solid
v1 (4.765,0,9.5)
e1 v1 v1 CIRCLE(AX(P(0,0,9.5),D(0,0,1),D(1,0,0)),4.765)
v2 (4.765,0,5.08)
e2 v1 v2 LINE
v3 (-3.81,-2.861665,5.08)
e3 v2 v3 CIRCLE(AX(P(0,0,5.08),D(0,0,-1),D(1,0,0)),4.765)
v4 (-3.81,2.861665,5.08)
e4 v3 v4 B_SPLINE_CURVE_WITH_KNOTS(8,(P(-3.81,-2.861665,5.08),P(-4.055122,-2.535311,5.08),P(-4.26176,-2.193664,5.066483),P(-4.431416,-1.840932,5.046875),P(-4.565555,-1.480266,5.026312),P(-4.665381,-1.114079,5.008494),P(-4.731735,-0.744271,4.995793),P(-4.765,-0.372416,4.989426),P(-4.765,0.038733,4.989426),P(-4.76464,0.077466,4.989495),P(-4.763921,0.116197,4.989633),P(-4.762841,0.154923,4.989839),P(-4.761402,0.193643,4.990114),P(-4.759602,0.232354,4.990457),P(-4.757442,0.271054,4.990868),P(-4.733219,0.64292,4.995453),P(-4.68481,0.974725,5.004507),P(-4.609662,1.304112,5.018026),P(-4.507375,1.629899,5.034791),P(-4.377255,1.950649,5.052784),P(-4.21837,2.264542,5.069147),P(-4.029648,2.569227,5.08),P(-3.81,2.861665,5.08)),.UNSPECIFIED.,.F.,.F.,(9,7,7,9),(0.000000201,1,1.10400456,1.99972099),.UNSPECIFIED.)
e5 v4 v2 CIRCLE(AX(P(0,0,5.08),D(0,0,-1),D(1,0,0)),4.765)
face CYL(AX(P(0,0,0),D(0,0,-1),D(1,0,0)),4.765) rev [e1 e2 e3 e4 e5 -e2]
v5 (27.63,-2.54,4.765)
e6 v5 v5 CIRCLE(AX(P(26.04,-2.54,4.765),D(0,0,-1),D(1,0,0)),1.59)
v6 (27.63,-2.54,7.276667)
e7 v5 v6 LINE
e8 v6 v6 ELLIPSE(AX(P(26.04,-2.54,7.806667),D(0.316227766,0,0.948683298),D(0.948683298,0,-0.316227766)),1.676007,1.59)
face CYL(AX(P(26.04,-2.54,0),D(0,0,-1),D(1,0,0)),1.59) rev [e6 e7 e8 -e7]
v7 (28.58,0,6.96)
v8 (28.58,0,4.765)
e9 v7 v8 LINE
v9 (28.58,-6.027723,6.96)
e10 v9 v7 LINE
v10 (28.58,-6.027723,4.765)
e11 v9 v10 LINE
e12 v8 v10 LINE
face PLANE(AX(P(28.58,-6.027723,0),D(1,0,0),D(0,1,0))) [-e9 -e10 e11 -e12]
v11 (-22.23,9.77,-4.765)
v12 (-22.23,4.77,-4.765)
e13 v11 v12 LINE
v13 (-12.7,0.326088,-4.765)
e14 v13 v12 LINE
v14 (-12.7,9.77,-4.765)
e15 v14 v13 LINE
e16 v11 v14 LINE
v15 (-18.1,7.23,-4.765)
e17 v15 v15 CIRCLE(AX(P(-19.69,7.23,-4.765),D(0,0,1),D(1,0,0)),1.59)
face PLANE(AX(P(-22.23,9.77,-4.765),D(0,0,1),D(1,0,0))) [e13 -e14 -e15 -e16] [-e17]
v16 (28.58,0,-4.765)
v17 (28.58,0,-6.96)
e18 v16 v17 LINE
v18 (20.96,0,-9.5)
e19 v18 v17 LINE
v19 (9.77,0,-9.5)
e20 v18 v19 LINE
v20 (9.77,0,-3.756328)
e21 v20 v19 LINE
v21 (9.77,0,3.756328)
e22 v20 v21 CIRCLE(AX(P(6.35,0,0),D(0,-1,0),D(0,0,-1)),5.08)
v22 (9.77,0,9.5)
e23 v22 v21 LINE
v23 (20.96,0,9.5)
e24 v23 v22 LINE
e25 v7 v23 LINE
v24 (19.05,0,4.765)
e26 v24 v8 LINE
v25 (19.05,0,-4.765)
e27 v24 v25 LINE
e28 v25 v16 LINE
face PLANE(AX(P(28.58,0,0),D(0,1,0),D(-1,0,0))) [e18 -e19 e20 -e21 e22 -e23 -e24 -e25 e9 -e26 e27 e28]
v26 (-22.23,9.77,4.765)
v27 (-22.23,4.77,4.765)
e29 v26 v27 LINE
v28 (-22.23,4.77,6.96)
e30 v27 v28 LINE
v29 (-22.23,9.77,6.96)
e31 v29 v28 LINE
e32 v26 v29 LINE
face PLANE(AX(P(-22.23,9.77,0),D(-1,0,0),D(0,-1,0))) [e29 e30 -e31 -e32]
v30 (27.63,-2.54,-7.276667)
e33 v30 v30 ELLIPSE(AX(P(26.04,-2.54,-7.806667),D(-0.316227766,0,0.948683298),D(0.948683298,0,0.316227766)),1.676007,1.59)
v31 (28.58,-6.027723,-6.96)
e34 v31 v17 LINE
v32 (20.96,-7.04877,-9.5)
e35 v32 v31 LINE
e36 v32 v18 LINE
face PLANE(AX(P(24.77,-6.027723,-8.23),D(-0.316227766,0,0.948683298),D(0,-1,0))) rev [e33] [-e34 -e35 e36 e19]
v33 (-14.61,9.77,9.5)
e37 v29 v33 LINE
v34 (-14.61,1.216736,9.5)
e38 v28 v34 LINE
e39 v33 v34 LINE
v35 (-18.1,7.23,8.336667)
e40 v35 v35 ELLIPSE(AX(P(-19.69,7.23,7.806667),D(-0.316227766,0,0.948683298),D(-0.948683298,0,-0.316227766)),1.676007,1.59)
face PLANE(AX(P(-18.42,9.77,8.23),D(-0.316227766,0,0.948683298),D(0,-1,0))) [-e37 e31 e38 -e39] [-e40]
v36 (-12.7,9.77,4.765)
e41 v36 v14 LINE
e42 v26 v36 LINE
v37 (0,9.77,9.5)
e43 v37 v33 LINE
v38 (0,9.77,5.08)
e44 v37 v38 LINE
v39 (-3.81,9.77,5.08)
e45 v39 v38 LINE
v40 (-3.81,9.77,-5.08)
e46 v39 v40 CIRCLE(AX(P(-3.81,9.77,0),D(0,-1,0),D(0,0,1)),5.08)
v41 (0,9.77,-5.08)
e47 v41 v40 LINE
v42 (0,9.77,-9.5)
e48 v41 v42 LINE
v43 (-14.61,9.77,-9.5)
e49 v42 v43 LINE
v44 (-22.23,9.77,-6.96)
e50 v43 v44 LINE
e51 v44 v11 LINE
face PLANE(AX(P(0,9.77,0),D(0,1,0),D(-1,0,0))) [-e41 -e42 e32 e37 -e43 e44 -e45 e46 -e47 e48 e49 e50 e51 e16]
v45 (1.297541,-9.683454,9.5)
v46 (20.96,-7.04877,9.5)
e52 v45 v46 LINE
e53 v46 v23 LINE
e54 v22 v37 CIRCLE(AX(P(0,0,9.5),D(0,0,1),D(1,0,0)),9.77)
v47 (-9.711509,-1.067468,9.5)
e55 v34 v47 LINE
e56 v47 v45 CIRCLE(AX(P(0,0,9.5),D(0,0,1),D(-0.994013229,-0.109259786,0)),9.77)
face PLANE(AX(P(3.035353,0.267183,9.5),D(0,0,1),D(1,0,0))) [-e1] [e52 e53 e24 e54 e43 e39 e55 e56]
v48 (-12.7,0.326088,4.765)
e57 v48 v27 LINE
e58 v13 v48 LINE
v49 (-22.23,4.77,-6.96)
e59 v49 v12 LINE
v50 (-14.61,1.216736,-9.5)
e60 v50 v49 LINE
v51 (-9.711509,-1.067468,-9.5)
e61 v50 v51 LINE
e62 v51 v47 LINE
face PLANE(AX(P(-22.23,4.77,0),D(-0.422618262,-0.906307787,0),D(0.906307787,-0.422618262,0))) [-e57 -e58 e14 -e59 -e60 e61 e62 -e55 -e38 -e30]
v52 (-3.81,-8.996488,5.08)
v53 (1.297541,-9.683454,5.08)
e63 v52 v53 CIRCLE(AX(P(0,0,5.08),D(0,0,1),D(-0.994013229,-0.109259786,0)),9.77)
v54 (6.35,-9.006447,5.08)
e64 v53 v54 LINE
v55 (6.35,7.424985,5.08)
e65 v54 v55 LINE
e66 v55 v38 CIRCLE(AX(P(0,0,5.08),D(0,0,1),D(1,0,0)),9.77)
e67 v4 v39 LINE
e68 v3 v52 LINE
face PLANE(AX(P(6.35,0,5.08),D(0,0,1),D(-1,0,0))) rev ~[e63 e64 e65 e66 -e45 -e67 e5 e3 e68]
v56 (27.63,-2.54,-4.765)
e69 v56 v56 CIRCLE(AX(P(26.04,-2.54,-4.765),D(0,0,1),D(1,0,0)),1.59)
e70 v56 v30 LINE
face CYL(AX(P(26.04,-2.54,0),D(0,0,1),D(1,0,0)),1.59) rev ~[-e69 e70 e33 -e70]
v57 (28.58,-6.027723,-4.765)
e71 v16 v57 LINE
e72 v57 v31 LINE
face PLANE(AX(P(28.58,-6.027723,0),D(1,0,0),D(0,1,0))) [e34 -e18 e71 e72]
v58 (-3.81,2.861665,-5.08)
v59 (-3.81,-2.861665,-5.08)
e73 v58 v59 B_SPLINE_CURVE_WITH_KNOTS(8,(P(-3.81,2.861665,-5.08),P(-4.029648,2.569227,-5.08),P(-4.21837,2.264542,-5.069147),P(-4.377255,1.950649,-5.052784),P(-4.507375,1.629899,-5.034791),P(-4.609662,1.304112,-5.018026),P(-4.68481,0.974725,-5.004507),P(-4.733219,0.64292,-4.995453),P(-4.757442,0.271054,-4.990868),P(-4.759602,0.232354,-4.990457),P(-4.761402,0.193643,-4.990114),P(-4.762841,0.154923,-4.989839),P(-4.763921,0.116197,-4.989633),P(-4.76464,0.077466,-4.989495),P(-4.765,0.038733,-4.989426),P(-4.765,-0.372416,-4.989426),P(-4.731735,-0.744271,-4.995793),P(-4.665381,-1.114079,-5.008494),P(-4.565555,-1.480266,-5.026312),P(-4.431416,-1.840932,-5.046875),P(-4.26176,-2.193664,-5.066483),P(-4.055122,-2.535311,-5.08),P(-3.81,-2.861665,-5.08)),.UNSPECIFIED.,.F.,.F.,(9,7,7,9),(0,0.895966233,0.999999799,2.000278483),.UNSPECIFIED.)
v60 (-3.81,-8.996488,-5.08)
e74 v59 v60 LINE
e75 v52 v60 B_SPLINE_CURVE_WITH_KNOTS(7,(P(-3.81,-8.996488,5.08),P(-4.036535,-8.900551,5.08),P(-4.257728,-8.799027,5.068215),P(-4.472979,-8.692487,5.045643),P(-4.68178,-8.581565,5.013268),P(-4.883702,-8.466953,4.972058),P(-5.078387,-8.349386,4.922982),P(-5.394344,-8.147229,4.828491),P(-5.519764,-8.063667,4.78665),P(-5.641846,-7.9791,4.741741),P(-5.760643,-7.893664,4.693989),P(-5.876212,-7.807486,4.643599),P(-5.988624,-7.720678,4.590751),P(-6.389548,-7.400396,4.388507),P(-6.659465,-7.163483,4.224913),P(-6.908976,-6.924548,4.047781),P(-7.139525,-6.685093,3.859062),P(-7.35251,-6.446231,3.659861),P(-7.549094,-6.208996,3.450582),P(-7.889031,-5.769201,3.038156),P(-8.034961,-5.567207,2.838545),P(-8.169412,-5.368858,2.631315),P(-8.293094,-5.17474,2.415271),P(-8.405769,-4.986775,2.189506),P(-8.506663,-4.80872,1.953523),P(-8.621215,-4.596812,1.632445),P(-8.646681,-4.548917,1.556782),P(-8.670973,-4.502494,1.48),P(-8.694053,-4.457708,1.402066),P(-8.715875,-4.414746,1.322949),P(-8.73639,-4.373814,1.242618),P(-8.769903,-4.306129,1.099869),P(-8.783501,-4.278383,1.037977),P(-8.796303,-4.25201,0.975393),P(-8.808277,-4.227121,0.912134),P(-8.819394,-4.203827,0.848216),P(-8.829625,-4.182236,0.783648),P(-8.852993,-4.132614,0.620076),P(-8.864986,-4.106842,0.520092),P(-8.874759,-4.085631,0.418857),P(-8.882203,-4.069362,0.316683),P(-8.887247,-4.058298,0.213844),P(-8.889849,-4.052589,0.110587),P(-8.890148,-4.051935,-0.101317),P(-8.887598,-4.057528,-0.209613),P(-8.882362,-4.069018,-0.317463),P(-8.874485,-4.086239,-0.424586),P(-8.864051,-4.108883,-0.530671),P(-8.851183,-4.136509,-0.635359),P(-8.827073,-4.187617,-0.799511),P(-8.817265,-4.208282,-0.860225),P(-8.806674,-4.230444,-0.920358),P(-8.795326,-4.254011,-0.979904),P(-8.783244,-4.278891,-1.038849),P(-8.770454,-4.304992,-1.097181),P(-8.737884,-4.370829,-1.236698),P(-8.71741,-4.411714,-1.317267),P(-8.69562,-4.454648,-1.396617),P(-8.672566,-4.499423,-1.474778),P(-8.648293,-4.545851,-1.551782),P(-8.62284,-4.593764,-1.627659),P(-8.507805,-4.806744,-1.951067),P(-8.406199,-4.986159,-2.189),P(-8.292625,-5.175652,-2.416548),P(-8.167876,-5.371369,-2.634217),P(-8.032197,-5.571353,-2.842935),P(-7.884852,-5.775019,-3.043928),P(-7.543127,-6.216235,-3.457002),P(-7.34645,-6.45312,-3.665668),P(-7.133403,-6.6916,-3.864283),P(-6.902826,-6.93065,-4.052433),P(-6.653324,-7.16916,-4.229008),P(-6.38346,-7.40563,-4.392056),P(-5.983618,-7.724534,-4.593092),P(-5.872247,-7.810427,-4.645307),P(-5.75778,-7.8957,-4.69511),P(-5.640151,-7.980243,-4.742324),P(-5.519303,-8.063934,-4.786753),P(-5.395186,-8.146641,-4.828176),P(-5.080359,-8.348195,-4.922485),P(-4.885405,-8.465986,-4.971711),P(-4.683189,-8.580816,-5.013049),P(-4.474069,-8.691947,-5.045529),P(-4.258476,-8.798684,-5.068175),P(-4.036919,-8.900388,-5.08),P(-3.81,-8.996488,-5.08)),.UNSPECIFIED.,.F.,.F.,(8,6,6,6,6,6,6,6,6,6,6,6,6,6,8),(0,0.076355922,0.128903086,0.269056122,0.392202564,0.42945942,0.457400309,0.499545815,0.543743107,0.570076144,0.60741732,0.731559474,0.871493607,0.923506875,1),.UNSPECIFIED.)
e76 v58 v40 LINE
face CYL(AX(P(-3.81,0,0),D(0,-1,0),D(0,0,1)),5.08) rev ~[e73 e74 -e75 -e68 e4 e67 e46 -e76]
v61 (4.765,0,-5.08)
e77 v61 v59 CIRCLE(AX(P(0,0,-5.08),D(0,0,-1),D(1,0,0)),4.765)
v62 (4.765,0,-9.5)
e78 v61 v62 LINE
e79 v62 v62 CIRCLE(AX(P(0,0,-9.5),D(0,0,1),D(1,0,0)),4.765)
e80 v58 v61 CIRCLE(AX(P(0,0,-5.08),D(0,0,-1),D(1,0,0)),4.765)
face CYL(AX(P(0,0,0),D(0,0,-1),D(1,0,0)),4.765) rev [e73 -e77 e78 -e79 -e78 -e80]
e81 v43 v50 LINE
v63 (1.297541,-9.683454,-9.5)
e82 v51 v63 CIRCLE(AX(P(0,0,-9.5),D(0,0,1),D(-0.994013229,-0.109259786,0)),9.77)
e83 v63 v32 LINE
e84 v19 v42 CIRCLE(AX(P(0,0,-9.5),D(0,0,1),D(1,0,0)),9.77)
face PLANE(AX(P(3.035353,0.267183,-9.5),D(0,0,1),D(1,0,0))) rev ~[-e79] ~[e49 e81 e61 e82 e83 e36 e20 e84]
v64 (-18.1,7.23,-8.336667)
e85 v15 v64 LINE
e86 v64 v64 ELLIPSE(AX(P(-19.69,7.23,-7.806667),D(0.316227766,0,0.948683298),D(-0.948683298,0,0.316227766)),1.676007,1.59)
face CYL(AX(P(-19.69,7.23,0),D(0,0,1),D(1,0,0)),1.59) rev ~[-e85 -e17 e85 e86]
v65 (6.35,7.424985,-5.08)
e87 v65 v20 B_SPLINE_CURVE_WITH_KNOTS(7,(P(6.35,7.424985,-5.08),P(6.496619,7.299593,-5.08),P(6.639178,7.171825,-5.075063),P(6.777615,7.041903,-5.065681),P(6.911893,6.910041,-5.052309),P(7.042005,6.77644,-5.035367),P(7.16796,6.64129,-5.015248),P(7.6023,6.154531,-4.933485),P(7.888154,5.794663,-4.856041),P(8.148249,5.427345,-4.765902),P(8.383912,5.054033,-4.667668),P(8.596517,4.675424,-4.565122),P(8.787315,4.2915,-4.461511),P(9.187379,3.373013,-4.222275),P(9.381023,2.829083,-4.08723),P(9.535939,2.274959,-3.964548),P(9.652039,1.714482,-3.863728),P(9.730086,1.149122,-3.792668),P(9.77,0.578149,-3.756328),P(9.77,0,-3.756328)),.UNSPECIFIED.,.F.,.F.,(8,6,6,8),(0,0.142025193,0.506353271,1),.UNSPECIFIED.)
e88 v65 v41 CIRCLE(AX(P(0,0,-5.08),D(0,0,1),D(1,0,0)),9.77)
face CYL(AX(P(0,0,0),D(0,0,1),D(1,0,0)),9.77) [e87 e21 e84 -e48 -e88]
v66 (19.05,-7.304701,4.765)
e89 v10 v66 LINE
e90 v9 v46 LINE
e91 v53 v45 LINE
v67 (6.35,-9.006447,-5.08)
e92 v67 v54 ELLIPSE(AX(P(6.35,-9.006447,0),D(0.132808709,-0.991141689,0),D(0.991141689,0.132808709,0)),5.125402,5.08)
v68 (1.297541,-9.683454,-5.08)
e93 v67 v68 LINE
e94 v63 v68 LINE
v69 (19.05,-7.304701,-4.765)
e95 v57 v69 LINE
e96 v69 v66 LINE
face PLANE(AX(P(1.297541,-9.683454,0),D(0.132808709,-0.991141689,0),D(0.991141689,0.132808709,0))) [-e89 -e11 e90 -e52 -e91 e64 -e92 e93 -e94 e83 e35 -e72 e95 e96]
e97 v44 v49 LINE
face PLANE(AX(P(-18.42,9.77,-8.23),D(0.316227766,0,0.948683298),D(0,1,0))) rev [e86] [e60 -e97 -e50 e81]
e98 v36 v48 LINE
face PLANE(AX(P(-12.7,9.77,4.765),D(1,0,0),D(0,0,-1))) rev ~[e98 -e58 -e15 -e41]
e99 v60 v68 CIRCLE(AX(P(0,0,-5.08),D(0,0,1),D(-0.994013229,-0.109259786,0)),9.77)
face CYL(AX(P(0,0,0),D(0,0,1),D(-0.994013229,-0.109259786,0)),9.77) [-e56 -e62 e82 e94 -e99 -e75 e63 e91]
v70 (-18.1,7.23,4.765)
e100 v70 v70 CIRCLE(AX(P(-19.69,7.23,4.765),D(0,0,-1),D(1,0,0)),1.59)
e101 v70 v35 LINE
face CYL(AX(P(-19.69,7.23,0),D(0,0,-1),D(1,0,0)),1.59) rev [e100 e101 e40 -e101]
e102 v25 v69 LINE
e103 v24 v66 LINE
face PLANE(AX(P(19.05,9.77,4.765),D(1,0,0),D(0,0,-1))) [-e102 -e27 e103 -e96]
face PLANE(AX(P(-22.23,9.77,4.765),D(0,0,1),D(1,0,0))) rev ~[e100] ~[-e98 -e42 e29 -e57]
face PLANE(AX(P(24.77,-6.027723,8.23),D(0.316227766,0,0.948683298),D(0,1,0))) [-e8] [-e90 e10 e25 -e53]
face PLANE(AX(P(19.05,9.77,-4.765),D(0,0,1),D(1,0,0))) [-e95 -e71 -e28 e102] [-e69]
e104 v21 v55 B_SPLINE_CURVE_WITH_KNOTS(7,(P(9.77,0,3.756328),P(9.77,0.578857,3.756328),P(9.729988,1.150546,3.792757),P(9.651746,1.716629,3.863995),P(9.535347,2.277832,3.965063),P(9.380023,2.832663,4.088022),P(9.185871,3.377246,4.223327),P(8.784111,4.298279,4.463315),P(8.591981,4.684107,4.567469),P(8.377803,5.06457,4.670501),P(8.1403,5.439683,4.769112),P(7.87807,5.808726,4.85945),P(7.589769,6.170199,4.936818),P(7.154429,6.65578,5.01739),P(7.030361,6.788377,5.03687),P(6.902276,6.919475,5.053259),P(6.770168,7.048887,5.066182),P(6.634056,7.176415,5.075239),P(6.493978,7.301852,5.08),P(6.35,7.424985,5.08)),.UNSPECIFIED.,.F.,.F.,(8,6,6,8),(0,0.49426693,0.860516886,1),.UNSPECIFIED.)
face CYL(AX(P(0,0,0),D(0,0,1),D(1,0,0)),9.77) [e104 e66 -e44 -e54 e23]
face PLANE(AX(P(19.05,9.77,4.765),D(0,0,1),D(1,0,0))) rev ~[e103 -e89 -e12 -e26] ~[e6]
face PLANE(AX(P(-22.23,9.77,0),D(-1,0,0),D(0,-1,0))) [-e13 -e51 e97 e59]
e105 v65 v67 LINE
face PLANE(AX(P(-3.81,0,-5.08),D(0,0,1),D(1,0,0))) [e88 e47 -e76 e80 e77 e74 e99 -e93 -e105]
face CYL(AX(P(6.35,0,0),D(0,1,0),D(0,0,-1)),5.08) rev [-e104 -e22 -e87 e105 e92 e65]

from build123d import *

# Parameters (mm, degrees)
SKETCH1_R               = 4.765
BOSS_EXTRUDE2_DEPTH     = 9.5
CHAMFER1_SIZE           = 2.54
CHAMFER1_SIZE2          = 7.62
CHAMFER1_PART_2_SIZE    = 2.54
CHAMFER1_PART_2_SIZE2   = 7.62
CHAMFER2_SIZE           = 7.62
CHAMFER2_SIZE2          = 2.54
SKETCH3_W               = 9.53
SKETCH3_H               = 9.53
CUT_EXTRUDE1_DEPTH      = 20.54
CUT_EXTRUDE2_DEPTH      = 10.77
CUT_EXTRUDE2_DEPTH_BACK = 10.77
SKETCH5_R               = 1.59
CUT_EXTRUDE3_DEPTH      = 10.5000001
CUT_EXTRUDE3_DEPTH_BACK = 10.5000001


with BuildPart() as part:
    # Sketch1 → Boss-Extrude2 (new body, symmetric)
    with BuildSketch(Plane.XY):
        with BuildLine():
            Line((0, 9.77), (-22.23, 9.77))
            Line((-22.23, 9.77), (-22.23, 4.77))
            Line((-22.23, 4.77), (-9.711509246, -1.067468107))
            ThreePointArc((-9.711509246, -1.067468107), (-6.021421721, -7.693853421), (1.29754109, -9.683454297))
            Line((1.29754109, -9.683454297), (28.58, -6.027722532))
            Line((28.58, -6.027722532), (28.58, 0))
            Line((28.58, 0), (9.77, 0))
            ThreePointArc((9.77, 0), (6.908433252, 6.908433252), (0, 9.77))
        make_face()
        Circle(SKETCH1_R, mode=Mode.SUBTRACT)
    extrude(amount=BOSS_EXTRUDE2_DEPTH, both=True)

    # Chamfer1
    chamfer1_edges = [part.edges().sort_by_distance(p)[0] for p in [
        (-22.23, 7.27, 9.5),
    ]]
    chamfer1_side = [part.faces().sort_by_distance(p)[0] for p in [
        (-22.23, 7.27, 0),
    ]]
    chamfer(chamfer1_edges, length=CHAMFER1_SIZE, length2=CHAMFER1_SIZE2, reference=chamfer1_side[0])

    # Chamfer1 part 2
    chamfer1_part_2_edges = [part.edges().sort_by_distance(p)[0] for p in [
        (28.58, -3.013861266, 9.5),
    ]]
    chamfer1_part_2_side = [part.faces().sort_by_distance(p)[0] for p in [
        (28.58, -3.013861266, 0),
    ]]
    chamfer(chamfer1_part_2_edges, length=CHAMFER1_PART_2_SIZE, length2=CHAMFER1_PART_2_SIZE2, reference=chamfer1_part_2_side[0])

    # Chamfer2
    chamfer2_edges = [part.edges().sort_by_distance(p)[0] for p in [
        (-22.23, 7.27, -9.5),
        (28.58, -3.013861266, -9.5),
    ]]
    chamfer2_side = [part.faces().sort_by_distance(p)[0] for p in [
        (-11.115, 9.225622585, -9.5),
    ]]
    chamfer(chamfer2_edges, length=CHAMFER2_SIZE, length2=CHAMFER2_SIZE2, reference=chamfer2_side[0])

    # Sketch3 → Cut-Extrude1 (cut, through all)
    with BuildSketch(Plane(origin=(0, 9.77, 0), x_dir=(1, 0, 0), z_dir=(0, 1, 0))):
        with Locations((-17.465, 0)):
            Rectangle(SKETCH3_W, SKETCH3_H)
        with Locations((23.815, 0)):
            Rectangle(SKETCH3_W, SKETCH3_H)
    extrude(amount=-CUT_EXTRUDE1_DEPTH, mode=Mode.SUBTRACT)

    # Sketch4 → Cut-Extrude2 (cut, two sides)
    with BuildSketch(Plane(origin=(0, 0, 0), x_dir=(1, 0, 0), z_dir=(0, 1, 0))) as cut_extrude2_sk:
        with BuildLine():
            Line((-3.81, 5.08), (6.35, 5.08))
            ThreePointArc((6.35, 5.08), (11.43, 0), (6.35, -5.08))
            Line((6.35, -5.08), (-3.81, -5.08))
            ThreePointArc((-3.81, -5.08), (-8.89, 0), (-3.81, 5.08))
        make_face()
    extrude(amount=CUT_EXTRUDE2_DEPTH, mode=Mode.SUBTRACT)
    extrude(cut_extrude2_sk.sketch, amount=-CUT_EXTRUDE2_DEPTH_BACK, mode=Mode.SUBTRACT)

    # Sketch5 → Cut-Extrude3 (cut, two sides)
    with BuildSketch(Plane.XY) as cut_extrude3_sk:
        with Locations((-19.69, 7.23)):
            Circle(SKETCH5_R)
        with Locations((26.04, -2.54)):
            Circle(SKETCH5_R)
    extrude(amount=CUT_EXTRUDE3_DEPTH, mode=Mode.SUBTRACT)
    extrude(cut_extrude3_sk.sketch, amount=-CUT_EXTRUDE3_DEPTH_BACK, mode=Mode.SUBTRACT)


solid = part.part
